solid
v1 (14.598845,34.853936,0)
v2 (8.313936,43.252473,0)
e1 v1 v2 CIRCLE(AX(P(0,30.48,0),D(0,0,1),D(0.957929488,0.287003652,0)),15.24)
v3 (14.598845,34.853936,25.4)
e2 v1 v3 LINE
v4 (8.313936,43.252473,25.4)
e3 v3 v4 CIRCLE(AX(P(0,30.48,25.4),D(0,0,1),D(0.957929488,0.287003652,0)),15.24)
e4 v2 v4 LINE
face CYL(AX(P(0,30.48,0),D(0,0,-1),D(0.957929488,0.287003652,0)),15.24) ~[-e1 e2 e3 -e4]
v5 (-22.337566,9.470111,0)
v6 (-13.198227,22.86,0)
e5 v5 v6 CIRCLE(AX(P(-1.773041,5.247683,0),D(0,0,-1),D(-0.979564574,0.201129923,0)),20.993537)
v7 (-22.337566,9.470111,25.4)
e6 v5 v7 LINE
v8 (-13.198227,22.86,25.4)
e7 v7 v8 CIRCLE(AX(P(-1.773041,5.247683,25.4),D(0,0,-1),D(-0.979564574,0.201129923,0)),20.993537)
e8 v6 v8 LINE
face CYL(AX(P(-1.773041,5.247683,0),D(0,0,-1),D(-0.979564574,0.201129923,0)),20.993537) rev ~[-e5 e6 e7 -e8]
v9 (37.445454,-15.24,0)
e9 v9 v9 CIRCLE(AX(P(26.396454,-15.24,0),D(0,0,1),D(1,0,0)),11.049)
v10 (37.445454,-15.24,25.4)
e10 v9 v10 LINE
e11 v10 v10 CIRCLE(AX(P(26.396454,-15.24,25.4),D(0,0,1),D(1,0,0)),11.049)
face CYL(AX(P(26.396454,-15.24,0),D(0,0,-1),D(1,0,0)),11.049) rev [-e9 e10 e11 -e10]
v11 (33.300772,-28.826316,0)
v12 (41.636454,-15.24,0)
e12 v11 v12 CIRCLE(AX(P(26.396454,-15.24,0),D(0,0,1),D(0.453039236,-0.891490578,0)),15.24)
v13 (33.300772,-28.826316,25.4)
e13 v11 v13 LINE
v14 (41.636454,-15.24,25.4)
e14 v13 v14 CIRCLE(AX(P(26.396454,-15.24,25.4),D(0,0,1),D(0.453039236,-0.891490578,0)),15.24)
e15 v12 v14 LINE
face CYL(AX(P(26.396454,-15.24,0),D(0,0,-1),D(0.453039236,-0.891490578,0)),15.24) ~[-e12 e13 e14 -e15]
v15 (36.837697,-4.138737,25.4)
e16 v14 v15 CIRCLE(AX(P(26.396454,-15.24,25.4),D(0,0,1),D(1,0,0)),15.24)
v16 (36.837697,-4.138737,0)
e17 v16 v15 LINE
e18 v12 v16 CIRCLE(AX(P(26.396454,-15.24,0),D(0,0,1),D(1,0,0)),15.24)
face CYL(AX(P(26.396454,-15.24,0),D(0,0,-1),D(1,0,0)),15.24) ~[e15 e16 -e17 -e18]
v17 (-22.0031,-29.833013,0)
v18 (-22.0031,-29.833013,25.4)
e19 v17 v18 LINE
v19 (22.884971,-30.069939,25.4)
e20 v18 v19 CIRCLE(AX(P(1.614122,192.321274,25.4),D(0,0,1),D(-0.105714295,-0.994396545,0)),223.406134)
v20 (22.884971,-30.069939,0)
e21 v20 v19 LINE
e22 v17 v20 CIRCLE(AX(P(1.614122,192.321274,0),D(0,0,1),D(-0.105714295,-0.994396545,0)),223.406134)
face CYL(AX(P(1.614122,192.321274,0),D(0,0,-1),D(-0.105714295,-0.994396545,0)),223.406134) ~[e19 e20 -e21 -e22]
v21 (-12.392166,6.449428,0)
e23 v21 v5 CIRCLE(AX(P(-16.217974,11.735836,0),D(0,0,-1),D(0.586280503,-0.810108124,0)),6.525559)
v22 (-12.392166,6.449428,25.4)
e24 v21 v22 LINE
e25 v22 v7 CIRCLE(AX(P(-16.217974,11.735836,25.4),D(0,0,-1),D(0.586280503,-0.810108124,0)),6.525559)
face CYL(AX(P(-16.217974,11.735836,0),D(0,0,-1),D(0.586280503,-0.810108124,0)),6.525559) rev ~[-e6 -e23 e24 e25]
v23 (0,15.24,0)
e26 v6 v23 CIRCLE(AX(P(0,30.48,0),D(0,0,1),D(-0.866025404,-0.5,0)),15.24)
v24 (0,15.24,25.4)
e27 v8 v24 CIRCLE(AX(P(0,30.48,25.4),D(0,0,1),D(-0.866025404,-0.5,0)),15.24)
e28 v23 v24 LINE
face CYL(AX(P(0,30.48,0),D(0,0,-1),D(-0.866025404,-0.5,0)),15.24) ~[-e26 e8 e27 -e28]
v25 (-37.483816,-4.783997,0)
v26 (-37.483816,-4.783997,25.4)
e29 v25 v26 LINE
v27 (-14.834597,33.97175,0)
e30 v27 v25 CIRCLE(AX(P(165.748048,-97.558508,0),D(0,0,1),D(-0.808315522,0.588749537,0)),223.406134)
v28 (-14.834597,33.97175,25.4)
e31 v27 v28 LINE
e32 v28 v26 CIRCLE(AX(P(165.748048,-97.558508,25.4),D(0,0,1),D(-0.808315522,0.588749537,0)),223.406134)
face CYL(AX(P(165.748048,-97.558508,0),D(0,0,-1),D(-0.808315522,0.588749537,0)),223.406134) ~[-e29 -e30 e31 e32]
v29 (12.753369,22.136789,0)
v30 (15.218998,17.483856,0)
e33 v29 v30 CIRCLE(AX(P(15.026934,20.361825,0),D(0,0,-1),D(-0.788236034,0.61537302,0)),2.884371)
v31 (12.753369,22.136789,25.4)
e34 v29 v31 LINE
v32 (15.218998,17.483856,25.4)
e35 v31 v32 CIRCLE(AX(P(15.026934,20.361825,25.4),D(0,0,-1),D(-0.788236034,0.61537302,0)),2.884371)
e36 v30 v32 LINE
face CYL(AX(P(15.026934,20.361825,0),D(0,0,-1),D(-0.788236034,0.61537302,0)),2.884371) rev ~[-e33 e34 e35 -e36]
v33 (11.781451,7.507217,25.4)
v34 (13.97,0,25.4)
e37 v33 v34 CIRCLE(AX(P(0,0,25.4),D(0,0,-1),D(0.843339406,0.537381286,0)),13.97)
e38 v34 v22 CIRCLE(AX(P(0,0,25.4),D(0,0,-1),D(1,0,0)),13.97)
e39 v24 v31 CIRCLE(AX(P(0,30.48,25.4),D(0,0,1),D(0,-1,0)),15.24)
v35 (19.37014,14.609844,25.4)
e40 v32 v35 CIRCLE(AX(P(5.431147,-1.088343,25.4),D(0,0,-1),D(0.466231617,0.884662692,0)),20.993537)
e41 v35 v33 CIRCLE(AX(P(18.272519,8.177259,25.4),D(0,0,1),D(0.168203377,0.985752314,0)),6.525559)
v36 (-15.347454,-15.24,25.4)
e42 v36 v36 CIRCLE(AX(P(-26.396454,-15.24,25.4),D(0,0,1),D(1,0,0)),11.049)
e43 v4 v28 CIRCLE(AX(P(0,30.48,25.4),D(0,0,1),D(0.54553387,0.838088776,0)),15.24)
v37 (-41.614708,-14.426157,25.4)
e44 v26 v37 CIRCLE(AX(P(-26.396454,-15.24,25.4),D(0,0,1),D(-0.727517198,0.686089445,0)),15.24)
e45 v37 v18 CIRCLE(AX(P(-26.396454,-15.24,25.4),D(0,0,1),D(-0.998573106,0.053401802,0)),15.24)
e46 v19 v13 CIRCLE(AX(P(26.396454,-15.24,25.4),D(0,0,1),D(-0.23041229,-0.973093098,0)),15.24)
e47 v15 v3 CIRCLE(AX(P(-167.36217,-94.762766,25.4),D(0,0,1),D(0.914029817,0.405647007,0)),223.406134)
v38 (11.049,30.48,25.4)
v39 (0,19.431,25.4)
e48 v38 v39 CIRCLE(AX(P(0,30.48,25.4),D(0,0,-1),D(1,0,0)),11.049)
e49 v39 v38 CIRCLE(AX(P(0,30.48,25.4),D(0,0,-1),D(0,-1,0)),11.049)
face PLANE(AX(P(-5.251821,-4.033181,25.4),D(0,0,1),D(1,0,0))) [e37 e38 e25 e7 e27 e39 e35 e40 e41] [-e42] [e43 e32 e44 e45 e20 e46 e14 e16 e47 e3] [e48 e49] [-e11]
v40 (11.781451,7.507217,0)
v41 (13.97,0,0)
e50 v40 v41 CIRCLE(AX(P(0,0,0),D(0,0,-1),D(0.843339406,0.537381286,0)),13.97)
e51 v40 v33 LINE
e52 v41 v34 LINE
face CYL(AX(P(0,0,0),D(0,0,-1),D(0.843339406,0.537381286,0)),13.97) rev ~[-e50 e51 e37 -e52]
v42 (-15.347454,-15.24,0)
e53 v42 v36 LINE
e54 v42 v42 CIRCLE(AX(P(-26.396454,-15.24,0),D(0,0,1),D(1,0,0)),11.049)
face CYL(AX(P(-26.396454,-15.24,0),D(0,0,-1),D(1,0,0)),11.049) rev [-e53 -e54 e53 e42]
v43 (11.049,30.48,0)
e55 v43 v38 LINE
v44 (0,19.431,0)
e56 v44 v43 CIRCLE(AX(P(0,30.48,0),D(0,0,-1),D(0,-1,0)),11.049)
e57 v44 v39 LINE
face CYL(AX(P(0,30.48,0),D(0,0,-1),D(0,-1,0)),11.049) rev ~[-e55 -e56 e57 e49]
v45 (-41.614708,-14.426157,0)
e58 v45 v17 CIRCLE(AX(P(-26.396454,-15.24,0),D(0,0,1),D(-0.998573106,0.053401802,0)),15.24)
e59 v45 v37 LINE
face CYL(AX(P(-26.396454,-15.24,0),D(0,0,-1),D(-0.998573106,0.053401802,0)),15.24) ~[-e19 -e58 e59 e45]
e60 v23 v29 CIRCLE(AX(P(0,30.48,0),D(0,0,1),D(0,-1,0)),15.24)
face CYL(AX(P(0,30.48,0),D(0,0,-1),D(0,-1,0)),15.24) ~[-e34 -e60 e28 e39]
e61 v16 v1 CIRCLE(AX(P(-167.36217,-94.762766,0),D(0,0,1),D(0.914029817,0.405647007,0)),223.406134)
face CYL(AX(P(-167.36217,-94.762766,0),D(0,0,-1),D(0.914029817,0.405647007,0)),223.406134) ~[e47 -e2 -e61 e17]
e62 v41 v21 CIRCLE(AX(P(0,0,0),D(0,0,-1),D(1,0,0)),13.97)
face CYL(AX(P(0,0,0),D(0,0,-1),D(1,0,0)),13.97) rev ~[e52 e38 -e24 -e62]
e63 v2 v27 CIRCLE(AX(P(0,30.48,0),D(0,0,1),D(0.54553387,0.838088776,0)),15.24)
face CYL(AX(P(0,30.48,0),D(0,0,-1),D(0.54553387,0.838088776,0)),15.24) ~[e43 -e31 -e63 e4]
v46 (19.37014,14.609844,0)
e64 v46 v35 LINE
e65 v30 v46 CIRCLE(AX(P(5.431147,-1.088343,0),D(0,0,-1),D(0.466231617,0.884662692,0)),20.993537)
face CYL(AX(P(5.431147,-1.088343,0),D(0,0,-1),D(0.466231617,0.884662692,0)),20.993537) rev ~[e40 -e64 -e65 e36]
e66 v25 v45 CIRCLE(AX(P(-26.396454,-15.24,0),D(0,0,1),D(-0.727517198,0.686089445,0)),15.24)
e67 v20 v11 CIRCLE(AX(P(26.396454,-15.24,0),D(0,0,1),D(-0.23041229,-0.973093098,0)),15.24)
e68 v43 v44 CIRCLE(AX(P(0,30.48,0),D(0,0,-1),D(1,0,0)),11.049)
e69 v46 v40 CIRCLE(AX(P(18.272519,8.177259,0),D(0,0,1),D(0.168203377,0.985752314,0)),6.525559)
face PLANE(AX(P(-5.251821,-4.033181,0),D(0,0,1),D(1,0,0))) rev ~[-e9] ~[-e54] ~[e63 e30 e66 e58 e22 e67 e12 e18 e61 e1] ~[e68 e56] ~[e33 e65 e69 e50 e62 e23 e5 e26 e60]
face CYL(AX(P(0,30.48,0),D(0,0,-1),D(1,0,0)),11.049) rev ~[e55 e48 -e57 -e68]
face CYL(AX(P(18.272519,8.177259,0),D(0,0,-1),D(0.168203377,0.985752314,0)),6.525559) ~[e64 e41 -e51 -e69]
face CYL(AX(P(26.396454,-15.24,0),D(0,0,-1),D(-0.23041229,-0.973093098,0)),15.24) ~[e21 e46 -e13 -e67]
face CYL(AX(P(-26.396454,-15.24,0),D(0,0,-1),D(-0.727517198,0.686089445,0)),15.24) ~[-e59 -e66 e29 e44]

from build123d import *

# Parameters (mm, degrees)
F0_R     = 11.049
F1_DEPTH = 25.4
F2_DEPTH = 25.4


with BuildPart() as f1:
    # F0 (on Top) → F1 (new body)
    with BuildSketch(Plane.XY):
        with BuildLine():
            ThreePointArc((11.7814514995, 7.5072165658), (13.4117071517, 3.9098607745), (13.97, 0))
            ThreePointArc((13.97, 0), (-3.3198148199, -13.5698094888), (-12.3921660074, 6.4494280091))
            ThreePointArc((-12.3921660074, 6.4494280091), (-18.1144161616, 5.491925307), (-22.3375658393, 9.4701114579))
            ThreePointArc((-22.3375658393, 9.4701114579), (-19.1125242771, 17.0828384763), (-13.1982271537, 22.86))
            ThreePointArc((-13.1982271537, 22.86), (-15.0773857713, 28.2596310433), (-14.8345973958, 33.9717502926))
            ThreePointArc((-14.8345973958, 33.9717502926), (-27.1350680748, 15.1641790656), (-37.4838164006, -4.7839968529))
            ThreePointArc((-37.4838164006, -4.7839968529), (-20.7712342362, -1.076155213), (-11.1564543073, -15.24))
            ThreePointArc((-11.1564543073, -15.24), (-14.1650946399, -24.3312837754), (-22.0031000665, -29.8330133459))
            ThreePointArc((-22.0031000665, -29.8330133459), (0.4349697391, -31.081747819), (22.8849710065, -30.0699388073))
            ThreePointArc((22.8849710065, -30.0699388073), (11.2593167407, -13.4723274374), (26.3964543073, 0))
            ThreePointArc((26.3964543073, 0), (24.3504342278, 8.0105123163), (19.3701400189, 14.6098437466))
            ThreePointArc((19.3701400189, 14.6098437466), (13.8133549124, 12.9415819171), (11.7814514995, 7.5072165658))
        make_face()
        with BuildLine():
            ThreePointArc((15.2189978183, 17.4838557876), (17.3812836494, 16.1720980867), (19.3701400189, 14.6098437466))
            ThreePointArc((19.3701400189, 14.6098437466), (24.3504342278, 8.0105123163), (26.3964543073, 0))
            ThreePointArc((26.3964543073, 0), (32.0122512707, -1.0724164211), (36.8376974623, -4.1387369467))
            ThreePointArc((36.8376974623, -4.1387369467), (26.7000983357, 15.9175687534), (14.5988453941, 34.8539356602))
            ThreePointArc((14.5988453941, 34.8539356602), (15.0788594364, 32.69033891), (15.24, 30.48))
            ThreePointArc((15.24, 30.48), (14.6051180743, 26.1270554752), (12.7533692867, 22.1367888773))
            ThreePointArc((12.7533692867, 22.1367888773), (17.57558266, 21.7123752268), (15.2189978183, 17.4838557876))
        make_face()
        with BuildLine():
            ThreePointArc((-13.1982271537, 22.86), (-7.62, 17.2817728463), (0, 15.24))
            ThreePointArc((0, 15.24), (7.2493814388, 17.074625378), (12.7533692867, 22.1367888773))
            ThreePointArc((12.7533692867, 22.1367888773), (14.6051180743, 26.1270554752), (15.24, 30.48))
            ThreePointArc((15.24, 30.48), (15.0788594364, 32.69033891), (14.5988453941, 34.8539356602))
            ThreePointArc((14.5988453941, 34.8539356602), (11.505690551, 39.090096987), (8.3139361742, 43.2524729513))
            ThreePointArc((8.3139361742, 43.2524729513), (-5.6712175905, 44.6254901308), (-14.8345973958, 33.9717502926))
            ThreePointArc((-14.8345973958, 33.9717502926), (-15.0773857713, 28.2596310433), (-13.1982271537, 22.86))
        make_face()
        with BuildLine():
            ThreePointArc((11.049, 30.48), (7.8128228253, 22.6671771747), (0, 19.431))
            ThreePointArc((0, 19.431), (-7.8128228253, 38.2928228253), (11.049, 30.48))
        make_face(mode=Mode.SUBTRACT)
        with BuildLine():
            ThreePointArc((36.8376974623, -4.1387369467), (32.0122512707, -1.0724164211), (26.3964543073, 0))
            ThreePointArc((26.3964543073, 0), (11.2593167407, -13.4723274374), (22.8849710065, -30.0699388073))
            ThreePointArc((22.8849710065, -30.0699388073), (28.1001717516, -29.5092687987), (33.3007722652, -28.8263164079))
            ThreePointArc((33.3007722652, -28.8263164079), (39.3864390202, -23.2098116139), (41.6364543073, -15.24))
            ThreePointArc((41.6364543073, -15.24), (40.3854168436, -9.1929736928), (36.8376974623, -4.1387369467))
        make_face()
        with Locations((26.3964543073, -15.24)):
            Circle(F0_R, mode=Mode.SUBTRACT)
        with BuildLine():
            ThreePointArc((33.3007722652, -28.8263164079), (28.1001717516, -29.5092687987), (22.8849710065, -30.0699388073))
            ThreePointArc((22.8849710065, -30.0699388073), (28.2032417659, -30.3725185967), (33.3007722652, -28.8263164079))
        make_face()
        with BuildLine():
            ThreePointArc((8.3139361742, 43.2524729513), (11.505690551, 39.090096987), (14.5988453941, 34.8539356602))
            ThreePointArc((14.5988453941, 34.8539356602), (12.2017517987, 39.6109831367), (8.3139361742, 43.2524729513))
        make_face()
        with BuildLine():
            ThreePointArc((-41.6147084394, -14.4261565433), (-35.8111993144, -27.2241635692), (-22.0031000665, -29.8330133459))
            ThreePointArc((-22.0031000665, -29.8330133459), (-14.1650946399, -24.3312837754), (-11.1564543073, -15.24))
            ThreePointArc((-11.1564543073, -15.24), (-20.7712342362, -1.076155213), (-37.4838164006, -4.7839968529))
            ThreePointArc((-37.4838164006, -4.7839968529), (-39.6058623026, -9.5808281882), (-41.6147084394, -14.4261565433))
        make_face()
        with Locations((-26.3964543073, -15.24)):
            Circle(F0_R, mode=Mode.SUBTRACT)
        with BuildLine():
            ThreePointArc((-41.6147084394, -14.4261565433), (-39.6058623026, -9.5808281882), (-37.4838164006, -4.7839968529))
            ThreePointArc((-37.4838164006, -4.7839968529), (-40.4049935646, -9.23846454), (-41.6147084394, -14.4261565433))
        make_face()
    extrude(amount=F1_DEPTH)

    # F0 (on Top) → F2 (join)
    with BuildSketch(Plane.XY):
        with BuildLine():
            ThreePointArc((11.7814514995, 7.5072165658), (13.4117071517, 3.9098607745), (13.97, 0))
            ThreePointArc((13.97, 0), (-3.3198148199, -13.5698094888), (-12.3921660074, 6.4494280091))
            ThreePointArc((-12.3921660074, 6.4494280091), (-18.1144161616, 5.491925307), (-22.3375658393, 9.4701114579))
            ThreePointArc((-22.3375658393, 9.4701114579), (-19.1125242771, 17.0828384763), (-13.1982271537, 22.86))
            ThreePointArc((-13.1982271537, 22.86), (-15.0773857713, 28.2596310433), (-14.8345973958, 33.9717502926))
            ThreePointArc((-14.8345973958, 33.9717502926), (-27.1350680748, 15.1641790656), (-37.4838164006, -4.7839968529))
            ThreePointArc((-37.4838164006, -4.7839968529), (-20.7712342362, -1.076155213), (-11.1564543073, -15.24))
            ThreePointArc((-11.1564543073, -15.24), (-14.1650946399, -24.3312837754), (-22.0031000665, -29.8330133459))
            ThreePointArc((-22.0031000665, -29.8330133459), (0.4349697391, -31.081747819), (22.8849710065, -30.0699388073))
            ThreePointArc((22.8849710065, -30.0699388073), (11.2593167407, -13.4723274374), (26.3964543073, 0))
            ThreePointArc((26.3964543073, 0), (24.3504342278, 8.0105123163), (19.3701400189, 14.6098437466))
            ThreePointArc((19.3701400189, 14.6098437466), (13.8133549124, 12.9415819171), (11.7814514995, 7.5072165658))
        make_face()
        with BuildLine():
            ThreePointArc((15.2189978183, 17.4838557876), (17.3812836494, 16.1720980867), (19.3701400189, 14.6098437466))
            ThreePointArc((19.3701400189, 14.6098437466), (24.3504342278, 8.0105123163), (26.3964543073, 0))
            ThreePointArc((26.3964543073, 0), (32.0122512707, -1.0724164211), (36.8376974623, -4.1387369467))
            ThreePointArc((36.8376974623, -4.1387369467), (26.7000983357, 15.9175687534), (14.5988453941, 34.8539356602))
            ThreePointArc((14.5988453941, 34.8539356602), (15.0788594364, 32.69033891), (15.24, 30.48))
            ThreePointArc((15.24, 30.48), (14.6051180743, 26.1270554752), (12.7533692867, 22.1367888773))
            ThreePointArc((12.7533692867, 22.1367888773), (17.57558266, 21.7123752268), (15.2189978183, 17.4838557876))
        make_face()
        with BuildLine():
            ThreePointArc((-13.1982271537, 22.86), (-7.62, 17.2817728463), (0, 15.24))
            ThreePointArc((0, 15.24), (7.2493814388, 17.074625378), (12.7533692867, 22.1367888773))
            ThreePointArc((12.7533692867, 22.1367888773), (14.6051180743, 26.1270554752), (15.24, 30.48))
            ThreePointArc((15.24, 30.48), (15.0788594364, 32.69033891), (14.5988453941, 34.8539356602))
            ThreePointArc((14.5988453941, 34.8539356602), (11.505690551, 39.090096987), (8.3139361742, 43.2524729513))
            ThreePointArc((8.3139361742, 43.2524729513), (-5.6712175905, 44.6254901308), (-14.8345973958, 33.9717502926))
            ThreePointArc((-14.8345973958, 33.9717502926), (-15.0773857713, 28.2596310433), (-13.1982271537, 22.86))
        make_face()
        with BuildLine():
            ThreePointArc((11.049, 30.48), (7.8128228253, 22.6671771747), (0, 19.431))
            ThreePointArc((0, 19.431), (-7.8128228253, 38.2928228253), (11.049, 30.48))
        make_face(mode=Mode.SUBTRACT)
        with BuildLine():
            ThreePointArc((36.8376974623, -4.1387369467), (32.0122512707, -1.0724164211), (26.3964543073, 0))
            ThreePointArc((26.3964543073, 0), (11.2593167407, -13.4723274374), (22.8849710065, -30.0699388073))
            ThreePointArc((22.8849710065, -30.0699388073), (28.1001717516, -29.5092687987), (33.3007722652, -28.8263164079))
            ThreePointArc((33.3007722652, -28.8263164079), (39.3864390202, -23.2098116139), (41.6364543073, -15.24))
            ThreePointArc((41.6364543073, -15.24), (40.3854168436, -9.1929736928), (36.8376974623, -4.1387369467))
        make_face()
        with Locations((26.3964543073, -15.24)):
            Circle(F0_R, mode=Mode.SUBTRACT)
        with BuildLine():
            ThreePointArc((33.3007722652, -28.8263164079), (28.1001717516, -29.5092687987), (22.8849710065, -30.0699388073))
            ThreePointArc((22.8849710065, -30.0699388073), (28.2032417659, -30.3725185967), (33.3007722652, -28.8263164079))
        make_face()
        with BuildLine():
            ThreePointArc((8.3139361742, 43.2524729513), (11.505690551, 39.090096987), (14.5988453941, 34.8539356602))
            ThreePointArc((14.5988453941, 34.8539356602), (12.2017517987, 39.6109831367), (8.3139361742, 43.2524729513))
        make_face()
        with BuildLine():
            ThreePointArc((-41.6147084394, -14.4261565433), (-35.8111993144, -27.2241635692), (-22.0031000665, -29.8330133459))
            ThreePointArc((-22.0031000665, -29.8330133459), (-14.1650946399, -24.3312837754), (-11.1564543073, -15.24))
            ThreePointArc((-11.1564543073, -15.24), (-20.7712342362, -1.076155213), (-37.4838164006, -4.7839968529))
            ThreePointArc((-37.4838164006, -4.7839968529), (-39.6058623026, -9.5808281882), (-41.6147084394, -14.4261565433))
        make_face()
        with Locations((-26.3964543073, -15.24)):
            Circle(F0_R, mode=Mode.SUBTRACT)
        with BuildLine():
            ThreePointArc((-41.6147084394, -14.4261565433), (-39.6058623026, -9.5808281882), (-37.4838164006, -4.7839968529))
            ThreePointArc((-37.4838164006, -4.7839968529), (-40.4049935646, -9.23846454), (-41.6147084394, -14.4261565433))
        make_face()
    extrude(amount=F2_DEPTH)


solid = f1.part
